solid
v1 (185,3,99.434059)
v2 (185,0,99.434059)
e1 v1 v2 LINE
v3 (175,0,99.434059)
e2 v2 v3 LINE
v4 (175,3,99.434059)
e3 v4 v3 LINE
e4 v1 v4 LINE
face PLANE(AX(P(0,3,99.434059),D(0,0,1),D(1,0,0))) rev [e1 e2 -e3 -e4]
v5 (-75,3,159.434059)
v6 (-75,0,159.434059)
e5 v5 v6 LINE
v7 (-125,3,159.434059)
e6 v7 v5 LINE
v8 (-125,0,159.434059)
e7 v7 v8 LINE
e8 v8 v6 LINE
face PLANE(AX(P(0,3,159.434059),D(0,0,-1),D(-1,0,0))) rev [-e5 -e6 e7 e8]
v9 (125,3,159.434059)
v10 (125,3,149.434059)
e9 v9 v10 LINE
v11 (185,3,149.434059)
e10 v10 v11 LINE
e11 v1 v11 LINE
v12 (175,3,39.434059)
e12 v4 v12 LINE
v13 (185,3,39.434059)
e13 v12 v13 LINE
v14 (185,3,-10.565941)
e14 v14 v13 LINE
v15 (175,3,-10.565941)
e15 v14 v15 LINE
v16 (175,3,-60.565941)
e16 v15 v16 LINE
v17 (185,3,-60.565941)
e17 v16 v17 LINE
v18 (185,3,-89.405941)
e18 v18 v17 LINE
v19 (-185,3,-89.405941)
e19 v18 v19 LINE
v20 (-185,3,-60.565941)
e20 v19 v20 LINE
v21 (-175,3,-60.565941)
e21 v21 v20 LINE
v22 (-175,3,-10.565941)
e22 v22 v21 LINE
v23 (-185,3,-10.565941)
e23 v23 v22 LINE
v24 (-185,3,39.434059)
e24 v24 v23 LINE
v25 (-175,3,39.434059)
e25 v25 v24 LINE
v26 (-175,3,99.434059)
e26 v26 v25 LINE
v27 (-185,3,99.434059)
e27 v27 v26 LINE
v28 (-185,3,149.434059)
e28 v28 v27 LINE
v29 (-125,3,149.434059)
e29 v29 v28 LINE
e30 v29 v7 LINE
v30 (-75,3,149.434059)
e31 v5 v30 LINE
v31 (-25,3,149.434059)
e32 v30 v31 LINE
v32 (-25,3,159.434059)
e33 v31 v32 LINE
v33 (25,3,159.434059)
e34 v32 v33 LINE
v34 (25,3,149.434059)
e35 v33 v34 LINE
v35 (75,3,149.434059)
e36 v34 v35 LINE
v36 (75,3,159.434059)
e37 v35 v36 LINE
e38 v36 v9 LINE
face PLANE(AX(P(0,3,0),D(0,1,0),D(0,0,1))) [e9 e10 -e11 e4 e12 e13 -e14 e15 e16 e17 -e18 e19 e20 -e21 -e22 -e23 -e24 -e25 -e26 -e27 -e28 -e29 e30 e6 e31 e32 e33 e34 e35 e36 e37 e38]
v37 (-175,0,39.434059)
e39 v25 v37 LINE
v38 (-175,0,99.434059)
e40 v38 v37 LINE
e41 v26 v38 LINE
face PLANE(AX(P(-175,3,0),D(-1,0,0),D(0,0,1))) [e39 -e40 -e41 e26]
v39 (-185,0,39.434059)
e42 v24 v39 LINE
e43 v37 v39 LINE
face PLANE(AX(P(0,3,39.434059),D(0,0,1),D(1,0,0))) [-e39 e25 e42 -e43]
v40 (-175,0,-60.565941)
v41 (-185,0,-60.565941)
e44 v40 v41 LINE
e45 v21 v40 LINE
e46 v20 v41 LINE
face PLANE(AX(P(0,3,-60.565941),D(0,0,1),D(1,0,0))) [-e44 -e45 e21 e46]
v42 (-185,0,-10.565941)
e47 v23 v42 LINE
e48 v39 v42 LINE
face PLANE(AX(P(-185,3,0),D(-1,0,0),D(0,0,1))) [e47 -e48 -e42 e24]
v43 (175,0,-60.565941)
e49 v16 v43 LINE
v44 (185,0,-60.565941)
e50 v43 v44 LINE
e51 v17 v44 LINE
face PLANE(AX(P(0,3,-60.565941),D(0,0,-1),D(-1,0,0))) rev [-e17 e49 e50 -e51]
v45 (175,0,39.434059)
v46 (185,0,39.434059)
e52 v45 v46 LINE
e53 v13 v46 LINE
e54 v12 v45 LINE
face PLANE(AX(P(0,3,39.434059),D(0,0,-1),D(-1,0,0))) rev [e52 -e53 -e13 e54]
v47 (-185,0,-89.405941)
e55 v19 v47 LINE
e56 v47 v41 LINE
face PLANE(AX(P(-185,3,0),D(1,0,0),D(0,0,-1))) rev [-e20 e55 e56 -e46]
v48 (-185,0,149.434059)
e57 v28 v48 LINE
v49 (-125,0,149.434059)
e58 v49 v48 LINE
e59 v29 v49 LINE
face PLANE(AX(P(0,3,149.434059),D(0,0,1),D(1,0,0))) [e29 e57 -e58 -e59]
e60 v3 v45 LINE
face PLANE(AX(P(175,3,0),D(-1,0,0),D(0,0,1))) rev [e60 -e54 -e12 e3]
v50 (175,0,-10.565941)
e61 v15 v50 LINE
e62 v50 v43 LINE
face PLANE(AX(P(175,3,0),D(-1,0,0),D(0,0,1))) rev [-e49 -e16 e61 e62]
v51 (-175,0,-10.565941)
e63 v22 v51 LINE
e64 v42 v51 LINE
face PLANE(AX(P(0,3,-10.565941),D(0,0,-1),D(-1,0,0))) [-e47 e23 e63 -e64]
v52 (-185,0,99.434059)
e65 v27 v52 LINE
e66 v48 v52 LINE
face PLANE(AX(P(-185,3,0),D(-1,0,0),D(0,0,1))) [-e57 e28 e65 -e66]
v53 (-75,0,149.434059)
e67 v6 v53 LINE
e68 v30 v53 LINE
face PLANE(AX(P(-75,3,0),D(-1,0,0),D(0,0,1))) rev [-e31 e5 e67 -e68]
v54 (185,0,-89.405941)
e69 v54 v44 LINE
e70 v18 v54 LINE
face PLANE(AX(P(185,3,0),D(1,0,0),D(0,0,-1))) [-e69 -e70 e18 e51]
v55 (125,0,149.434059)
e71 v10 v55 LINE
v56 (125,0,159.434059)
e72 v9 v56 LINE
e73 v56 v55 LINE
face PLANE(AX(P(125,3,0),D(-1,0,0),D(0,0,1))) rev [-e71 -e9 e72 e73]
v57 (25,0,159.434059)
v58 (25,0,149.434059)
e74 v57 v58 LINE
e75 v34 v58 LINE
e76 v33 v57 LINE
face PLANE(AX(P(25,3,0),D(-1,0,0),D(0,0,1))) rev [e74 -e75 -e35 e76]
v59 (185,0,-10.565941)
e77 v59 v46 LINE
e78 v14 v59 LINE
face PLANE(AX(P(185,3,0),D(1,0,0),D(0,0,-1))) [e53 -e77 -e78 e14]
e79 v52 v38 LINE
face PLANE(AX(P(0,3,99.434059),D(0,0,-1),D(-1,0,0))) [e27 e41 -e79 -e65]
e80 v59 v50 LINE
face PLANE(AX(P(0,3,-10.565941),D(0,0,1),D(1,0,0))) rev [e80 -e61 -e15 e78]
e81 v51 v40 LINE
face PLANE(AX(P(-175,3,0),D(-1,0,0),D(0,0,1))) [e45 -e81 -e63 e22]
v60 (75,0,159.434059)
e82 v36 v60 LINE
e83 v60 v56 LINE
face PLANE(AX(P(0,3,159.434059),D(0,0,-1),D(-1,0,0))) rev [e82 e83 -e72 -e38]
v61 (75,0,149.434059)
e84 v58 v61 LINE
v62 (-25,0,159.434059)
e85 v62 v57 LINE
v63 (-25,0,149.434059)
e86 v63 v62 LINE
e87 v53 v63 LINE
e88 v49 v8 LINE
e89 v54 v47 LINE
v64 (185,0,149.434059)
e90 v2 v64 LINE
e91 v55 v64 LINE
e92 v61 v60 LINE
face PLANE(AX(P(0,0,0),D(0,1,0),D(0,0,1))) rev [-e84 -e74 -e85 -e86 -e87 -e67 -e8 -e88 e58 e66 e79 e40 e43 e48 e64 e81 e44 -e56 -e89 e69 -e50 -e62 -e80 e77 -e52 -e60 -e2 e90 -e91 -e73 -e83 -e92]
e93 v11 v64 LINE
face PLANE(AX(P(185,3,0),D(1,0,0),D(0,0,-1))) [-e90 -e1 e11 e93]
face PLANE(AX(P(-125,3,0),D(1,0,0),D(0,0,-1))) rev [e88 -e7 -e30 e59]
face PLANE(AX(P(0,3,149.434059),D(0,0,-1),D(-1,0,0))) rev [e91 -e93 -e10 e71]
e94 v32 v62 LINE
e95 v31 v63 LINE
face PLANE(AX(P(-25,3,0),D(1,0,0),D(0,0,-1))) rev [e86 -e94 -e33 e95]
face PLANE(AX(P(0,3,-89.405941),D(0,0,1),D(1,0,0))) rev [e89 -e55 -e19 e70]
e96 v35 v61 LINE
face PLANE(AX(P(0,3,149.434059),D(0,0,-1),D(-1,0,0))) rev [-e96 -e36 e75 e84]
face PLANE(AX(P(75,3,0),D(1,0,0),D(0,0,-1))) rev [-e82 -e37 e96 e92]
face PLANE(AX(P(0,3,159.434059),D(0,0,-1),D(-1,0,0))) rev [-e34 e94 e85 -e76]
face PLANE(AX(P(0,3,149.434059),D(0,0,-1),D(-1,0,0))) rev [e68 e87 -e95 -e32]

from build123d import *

# Parameters (mm, degrees)
EXTRUDE_1_DEPTH = 3


with BuildPart() as part:
    # 스케치1 → 보스-돌출1 (new body)
    with BuildSketch(Plane(origin=(0, 0, 0), x_dir=(1, 0, 0), z_dir=(0, 1, 0))):
        Polygon((185, 60.565940594), (185, 89.405940594), (-185, 89.405940594), (-185, 60.565940594), (-175, 60.565940594), (-175, 10.565940594), (-185, 10.565940594), (-185, -39.434059406), (-175, -39.434059406), (-175, -99.434059406), (-185, -99.434059406), (-185, -149.434059406), (-175, -149.434059406), (-125, -149.434059406), (-125, -159.434059406), (-75, -159.434059406), (-75, -149.434059406), (-25, -149.434059406), (-25, -159.434059406), (25, -159.434059406), (25, -149.434059406), (75, -149.434059406), (75, -159.434059406), (125, -159.434059406), (125, -149.434059406), (175, -149.434059406), (185, -149.434059406), (185, -99.434059406), (175, -99.434059406), (175, -39.434059406), (185, -39.434059406), (185, 10.565940594), (175, 10.565940594), (175, 60.565940594), align=None)
    extrude(amount=EXTRUDE_1_DEPTH)


solid = part.part
